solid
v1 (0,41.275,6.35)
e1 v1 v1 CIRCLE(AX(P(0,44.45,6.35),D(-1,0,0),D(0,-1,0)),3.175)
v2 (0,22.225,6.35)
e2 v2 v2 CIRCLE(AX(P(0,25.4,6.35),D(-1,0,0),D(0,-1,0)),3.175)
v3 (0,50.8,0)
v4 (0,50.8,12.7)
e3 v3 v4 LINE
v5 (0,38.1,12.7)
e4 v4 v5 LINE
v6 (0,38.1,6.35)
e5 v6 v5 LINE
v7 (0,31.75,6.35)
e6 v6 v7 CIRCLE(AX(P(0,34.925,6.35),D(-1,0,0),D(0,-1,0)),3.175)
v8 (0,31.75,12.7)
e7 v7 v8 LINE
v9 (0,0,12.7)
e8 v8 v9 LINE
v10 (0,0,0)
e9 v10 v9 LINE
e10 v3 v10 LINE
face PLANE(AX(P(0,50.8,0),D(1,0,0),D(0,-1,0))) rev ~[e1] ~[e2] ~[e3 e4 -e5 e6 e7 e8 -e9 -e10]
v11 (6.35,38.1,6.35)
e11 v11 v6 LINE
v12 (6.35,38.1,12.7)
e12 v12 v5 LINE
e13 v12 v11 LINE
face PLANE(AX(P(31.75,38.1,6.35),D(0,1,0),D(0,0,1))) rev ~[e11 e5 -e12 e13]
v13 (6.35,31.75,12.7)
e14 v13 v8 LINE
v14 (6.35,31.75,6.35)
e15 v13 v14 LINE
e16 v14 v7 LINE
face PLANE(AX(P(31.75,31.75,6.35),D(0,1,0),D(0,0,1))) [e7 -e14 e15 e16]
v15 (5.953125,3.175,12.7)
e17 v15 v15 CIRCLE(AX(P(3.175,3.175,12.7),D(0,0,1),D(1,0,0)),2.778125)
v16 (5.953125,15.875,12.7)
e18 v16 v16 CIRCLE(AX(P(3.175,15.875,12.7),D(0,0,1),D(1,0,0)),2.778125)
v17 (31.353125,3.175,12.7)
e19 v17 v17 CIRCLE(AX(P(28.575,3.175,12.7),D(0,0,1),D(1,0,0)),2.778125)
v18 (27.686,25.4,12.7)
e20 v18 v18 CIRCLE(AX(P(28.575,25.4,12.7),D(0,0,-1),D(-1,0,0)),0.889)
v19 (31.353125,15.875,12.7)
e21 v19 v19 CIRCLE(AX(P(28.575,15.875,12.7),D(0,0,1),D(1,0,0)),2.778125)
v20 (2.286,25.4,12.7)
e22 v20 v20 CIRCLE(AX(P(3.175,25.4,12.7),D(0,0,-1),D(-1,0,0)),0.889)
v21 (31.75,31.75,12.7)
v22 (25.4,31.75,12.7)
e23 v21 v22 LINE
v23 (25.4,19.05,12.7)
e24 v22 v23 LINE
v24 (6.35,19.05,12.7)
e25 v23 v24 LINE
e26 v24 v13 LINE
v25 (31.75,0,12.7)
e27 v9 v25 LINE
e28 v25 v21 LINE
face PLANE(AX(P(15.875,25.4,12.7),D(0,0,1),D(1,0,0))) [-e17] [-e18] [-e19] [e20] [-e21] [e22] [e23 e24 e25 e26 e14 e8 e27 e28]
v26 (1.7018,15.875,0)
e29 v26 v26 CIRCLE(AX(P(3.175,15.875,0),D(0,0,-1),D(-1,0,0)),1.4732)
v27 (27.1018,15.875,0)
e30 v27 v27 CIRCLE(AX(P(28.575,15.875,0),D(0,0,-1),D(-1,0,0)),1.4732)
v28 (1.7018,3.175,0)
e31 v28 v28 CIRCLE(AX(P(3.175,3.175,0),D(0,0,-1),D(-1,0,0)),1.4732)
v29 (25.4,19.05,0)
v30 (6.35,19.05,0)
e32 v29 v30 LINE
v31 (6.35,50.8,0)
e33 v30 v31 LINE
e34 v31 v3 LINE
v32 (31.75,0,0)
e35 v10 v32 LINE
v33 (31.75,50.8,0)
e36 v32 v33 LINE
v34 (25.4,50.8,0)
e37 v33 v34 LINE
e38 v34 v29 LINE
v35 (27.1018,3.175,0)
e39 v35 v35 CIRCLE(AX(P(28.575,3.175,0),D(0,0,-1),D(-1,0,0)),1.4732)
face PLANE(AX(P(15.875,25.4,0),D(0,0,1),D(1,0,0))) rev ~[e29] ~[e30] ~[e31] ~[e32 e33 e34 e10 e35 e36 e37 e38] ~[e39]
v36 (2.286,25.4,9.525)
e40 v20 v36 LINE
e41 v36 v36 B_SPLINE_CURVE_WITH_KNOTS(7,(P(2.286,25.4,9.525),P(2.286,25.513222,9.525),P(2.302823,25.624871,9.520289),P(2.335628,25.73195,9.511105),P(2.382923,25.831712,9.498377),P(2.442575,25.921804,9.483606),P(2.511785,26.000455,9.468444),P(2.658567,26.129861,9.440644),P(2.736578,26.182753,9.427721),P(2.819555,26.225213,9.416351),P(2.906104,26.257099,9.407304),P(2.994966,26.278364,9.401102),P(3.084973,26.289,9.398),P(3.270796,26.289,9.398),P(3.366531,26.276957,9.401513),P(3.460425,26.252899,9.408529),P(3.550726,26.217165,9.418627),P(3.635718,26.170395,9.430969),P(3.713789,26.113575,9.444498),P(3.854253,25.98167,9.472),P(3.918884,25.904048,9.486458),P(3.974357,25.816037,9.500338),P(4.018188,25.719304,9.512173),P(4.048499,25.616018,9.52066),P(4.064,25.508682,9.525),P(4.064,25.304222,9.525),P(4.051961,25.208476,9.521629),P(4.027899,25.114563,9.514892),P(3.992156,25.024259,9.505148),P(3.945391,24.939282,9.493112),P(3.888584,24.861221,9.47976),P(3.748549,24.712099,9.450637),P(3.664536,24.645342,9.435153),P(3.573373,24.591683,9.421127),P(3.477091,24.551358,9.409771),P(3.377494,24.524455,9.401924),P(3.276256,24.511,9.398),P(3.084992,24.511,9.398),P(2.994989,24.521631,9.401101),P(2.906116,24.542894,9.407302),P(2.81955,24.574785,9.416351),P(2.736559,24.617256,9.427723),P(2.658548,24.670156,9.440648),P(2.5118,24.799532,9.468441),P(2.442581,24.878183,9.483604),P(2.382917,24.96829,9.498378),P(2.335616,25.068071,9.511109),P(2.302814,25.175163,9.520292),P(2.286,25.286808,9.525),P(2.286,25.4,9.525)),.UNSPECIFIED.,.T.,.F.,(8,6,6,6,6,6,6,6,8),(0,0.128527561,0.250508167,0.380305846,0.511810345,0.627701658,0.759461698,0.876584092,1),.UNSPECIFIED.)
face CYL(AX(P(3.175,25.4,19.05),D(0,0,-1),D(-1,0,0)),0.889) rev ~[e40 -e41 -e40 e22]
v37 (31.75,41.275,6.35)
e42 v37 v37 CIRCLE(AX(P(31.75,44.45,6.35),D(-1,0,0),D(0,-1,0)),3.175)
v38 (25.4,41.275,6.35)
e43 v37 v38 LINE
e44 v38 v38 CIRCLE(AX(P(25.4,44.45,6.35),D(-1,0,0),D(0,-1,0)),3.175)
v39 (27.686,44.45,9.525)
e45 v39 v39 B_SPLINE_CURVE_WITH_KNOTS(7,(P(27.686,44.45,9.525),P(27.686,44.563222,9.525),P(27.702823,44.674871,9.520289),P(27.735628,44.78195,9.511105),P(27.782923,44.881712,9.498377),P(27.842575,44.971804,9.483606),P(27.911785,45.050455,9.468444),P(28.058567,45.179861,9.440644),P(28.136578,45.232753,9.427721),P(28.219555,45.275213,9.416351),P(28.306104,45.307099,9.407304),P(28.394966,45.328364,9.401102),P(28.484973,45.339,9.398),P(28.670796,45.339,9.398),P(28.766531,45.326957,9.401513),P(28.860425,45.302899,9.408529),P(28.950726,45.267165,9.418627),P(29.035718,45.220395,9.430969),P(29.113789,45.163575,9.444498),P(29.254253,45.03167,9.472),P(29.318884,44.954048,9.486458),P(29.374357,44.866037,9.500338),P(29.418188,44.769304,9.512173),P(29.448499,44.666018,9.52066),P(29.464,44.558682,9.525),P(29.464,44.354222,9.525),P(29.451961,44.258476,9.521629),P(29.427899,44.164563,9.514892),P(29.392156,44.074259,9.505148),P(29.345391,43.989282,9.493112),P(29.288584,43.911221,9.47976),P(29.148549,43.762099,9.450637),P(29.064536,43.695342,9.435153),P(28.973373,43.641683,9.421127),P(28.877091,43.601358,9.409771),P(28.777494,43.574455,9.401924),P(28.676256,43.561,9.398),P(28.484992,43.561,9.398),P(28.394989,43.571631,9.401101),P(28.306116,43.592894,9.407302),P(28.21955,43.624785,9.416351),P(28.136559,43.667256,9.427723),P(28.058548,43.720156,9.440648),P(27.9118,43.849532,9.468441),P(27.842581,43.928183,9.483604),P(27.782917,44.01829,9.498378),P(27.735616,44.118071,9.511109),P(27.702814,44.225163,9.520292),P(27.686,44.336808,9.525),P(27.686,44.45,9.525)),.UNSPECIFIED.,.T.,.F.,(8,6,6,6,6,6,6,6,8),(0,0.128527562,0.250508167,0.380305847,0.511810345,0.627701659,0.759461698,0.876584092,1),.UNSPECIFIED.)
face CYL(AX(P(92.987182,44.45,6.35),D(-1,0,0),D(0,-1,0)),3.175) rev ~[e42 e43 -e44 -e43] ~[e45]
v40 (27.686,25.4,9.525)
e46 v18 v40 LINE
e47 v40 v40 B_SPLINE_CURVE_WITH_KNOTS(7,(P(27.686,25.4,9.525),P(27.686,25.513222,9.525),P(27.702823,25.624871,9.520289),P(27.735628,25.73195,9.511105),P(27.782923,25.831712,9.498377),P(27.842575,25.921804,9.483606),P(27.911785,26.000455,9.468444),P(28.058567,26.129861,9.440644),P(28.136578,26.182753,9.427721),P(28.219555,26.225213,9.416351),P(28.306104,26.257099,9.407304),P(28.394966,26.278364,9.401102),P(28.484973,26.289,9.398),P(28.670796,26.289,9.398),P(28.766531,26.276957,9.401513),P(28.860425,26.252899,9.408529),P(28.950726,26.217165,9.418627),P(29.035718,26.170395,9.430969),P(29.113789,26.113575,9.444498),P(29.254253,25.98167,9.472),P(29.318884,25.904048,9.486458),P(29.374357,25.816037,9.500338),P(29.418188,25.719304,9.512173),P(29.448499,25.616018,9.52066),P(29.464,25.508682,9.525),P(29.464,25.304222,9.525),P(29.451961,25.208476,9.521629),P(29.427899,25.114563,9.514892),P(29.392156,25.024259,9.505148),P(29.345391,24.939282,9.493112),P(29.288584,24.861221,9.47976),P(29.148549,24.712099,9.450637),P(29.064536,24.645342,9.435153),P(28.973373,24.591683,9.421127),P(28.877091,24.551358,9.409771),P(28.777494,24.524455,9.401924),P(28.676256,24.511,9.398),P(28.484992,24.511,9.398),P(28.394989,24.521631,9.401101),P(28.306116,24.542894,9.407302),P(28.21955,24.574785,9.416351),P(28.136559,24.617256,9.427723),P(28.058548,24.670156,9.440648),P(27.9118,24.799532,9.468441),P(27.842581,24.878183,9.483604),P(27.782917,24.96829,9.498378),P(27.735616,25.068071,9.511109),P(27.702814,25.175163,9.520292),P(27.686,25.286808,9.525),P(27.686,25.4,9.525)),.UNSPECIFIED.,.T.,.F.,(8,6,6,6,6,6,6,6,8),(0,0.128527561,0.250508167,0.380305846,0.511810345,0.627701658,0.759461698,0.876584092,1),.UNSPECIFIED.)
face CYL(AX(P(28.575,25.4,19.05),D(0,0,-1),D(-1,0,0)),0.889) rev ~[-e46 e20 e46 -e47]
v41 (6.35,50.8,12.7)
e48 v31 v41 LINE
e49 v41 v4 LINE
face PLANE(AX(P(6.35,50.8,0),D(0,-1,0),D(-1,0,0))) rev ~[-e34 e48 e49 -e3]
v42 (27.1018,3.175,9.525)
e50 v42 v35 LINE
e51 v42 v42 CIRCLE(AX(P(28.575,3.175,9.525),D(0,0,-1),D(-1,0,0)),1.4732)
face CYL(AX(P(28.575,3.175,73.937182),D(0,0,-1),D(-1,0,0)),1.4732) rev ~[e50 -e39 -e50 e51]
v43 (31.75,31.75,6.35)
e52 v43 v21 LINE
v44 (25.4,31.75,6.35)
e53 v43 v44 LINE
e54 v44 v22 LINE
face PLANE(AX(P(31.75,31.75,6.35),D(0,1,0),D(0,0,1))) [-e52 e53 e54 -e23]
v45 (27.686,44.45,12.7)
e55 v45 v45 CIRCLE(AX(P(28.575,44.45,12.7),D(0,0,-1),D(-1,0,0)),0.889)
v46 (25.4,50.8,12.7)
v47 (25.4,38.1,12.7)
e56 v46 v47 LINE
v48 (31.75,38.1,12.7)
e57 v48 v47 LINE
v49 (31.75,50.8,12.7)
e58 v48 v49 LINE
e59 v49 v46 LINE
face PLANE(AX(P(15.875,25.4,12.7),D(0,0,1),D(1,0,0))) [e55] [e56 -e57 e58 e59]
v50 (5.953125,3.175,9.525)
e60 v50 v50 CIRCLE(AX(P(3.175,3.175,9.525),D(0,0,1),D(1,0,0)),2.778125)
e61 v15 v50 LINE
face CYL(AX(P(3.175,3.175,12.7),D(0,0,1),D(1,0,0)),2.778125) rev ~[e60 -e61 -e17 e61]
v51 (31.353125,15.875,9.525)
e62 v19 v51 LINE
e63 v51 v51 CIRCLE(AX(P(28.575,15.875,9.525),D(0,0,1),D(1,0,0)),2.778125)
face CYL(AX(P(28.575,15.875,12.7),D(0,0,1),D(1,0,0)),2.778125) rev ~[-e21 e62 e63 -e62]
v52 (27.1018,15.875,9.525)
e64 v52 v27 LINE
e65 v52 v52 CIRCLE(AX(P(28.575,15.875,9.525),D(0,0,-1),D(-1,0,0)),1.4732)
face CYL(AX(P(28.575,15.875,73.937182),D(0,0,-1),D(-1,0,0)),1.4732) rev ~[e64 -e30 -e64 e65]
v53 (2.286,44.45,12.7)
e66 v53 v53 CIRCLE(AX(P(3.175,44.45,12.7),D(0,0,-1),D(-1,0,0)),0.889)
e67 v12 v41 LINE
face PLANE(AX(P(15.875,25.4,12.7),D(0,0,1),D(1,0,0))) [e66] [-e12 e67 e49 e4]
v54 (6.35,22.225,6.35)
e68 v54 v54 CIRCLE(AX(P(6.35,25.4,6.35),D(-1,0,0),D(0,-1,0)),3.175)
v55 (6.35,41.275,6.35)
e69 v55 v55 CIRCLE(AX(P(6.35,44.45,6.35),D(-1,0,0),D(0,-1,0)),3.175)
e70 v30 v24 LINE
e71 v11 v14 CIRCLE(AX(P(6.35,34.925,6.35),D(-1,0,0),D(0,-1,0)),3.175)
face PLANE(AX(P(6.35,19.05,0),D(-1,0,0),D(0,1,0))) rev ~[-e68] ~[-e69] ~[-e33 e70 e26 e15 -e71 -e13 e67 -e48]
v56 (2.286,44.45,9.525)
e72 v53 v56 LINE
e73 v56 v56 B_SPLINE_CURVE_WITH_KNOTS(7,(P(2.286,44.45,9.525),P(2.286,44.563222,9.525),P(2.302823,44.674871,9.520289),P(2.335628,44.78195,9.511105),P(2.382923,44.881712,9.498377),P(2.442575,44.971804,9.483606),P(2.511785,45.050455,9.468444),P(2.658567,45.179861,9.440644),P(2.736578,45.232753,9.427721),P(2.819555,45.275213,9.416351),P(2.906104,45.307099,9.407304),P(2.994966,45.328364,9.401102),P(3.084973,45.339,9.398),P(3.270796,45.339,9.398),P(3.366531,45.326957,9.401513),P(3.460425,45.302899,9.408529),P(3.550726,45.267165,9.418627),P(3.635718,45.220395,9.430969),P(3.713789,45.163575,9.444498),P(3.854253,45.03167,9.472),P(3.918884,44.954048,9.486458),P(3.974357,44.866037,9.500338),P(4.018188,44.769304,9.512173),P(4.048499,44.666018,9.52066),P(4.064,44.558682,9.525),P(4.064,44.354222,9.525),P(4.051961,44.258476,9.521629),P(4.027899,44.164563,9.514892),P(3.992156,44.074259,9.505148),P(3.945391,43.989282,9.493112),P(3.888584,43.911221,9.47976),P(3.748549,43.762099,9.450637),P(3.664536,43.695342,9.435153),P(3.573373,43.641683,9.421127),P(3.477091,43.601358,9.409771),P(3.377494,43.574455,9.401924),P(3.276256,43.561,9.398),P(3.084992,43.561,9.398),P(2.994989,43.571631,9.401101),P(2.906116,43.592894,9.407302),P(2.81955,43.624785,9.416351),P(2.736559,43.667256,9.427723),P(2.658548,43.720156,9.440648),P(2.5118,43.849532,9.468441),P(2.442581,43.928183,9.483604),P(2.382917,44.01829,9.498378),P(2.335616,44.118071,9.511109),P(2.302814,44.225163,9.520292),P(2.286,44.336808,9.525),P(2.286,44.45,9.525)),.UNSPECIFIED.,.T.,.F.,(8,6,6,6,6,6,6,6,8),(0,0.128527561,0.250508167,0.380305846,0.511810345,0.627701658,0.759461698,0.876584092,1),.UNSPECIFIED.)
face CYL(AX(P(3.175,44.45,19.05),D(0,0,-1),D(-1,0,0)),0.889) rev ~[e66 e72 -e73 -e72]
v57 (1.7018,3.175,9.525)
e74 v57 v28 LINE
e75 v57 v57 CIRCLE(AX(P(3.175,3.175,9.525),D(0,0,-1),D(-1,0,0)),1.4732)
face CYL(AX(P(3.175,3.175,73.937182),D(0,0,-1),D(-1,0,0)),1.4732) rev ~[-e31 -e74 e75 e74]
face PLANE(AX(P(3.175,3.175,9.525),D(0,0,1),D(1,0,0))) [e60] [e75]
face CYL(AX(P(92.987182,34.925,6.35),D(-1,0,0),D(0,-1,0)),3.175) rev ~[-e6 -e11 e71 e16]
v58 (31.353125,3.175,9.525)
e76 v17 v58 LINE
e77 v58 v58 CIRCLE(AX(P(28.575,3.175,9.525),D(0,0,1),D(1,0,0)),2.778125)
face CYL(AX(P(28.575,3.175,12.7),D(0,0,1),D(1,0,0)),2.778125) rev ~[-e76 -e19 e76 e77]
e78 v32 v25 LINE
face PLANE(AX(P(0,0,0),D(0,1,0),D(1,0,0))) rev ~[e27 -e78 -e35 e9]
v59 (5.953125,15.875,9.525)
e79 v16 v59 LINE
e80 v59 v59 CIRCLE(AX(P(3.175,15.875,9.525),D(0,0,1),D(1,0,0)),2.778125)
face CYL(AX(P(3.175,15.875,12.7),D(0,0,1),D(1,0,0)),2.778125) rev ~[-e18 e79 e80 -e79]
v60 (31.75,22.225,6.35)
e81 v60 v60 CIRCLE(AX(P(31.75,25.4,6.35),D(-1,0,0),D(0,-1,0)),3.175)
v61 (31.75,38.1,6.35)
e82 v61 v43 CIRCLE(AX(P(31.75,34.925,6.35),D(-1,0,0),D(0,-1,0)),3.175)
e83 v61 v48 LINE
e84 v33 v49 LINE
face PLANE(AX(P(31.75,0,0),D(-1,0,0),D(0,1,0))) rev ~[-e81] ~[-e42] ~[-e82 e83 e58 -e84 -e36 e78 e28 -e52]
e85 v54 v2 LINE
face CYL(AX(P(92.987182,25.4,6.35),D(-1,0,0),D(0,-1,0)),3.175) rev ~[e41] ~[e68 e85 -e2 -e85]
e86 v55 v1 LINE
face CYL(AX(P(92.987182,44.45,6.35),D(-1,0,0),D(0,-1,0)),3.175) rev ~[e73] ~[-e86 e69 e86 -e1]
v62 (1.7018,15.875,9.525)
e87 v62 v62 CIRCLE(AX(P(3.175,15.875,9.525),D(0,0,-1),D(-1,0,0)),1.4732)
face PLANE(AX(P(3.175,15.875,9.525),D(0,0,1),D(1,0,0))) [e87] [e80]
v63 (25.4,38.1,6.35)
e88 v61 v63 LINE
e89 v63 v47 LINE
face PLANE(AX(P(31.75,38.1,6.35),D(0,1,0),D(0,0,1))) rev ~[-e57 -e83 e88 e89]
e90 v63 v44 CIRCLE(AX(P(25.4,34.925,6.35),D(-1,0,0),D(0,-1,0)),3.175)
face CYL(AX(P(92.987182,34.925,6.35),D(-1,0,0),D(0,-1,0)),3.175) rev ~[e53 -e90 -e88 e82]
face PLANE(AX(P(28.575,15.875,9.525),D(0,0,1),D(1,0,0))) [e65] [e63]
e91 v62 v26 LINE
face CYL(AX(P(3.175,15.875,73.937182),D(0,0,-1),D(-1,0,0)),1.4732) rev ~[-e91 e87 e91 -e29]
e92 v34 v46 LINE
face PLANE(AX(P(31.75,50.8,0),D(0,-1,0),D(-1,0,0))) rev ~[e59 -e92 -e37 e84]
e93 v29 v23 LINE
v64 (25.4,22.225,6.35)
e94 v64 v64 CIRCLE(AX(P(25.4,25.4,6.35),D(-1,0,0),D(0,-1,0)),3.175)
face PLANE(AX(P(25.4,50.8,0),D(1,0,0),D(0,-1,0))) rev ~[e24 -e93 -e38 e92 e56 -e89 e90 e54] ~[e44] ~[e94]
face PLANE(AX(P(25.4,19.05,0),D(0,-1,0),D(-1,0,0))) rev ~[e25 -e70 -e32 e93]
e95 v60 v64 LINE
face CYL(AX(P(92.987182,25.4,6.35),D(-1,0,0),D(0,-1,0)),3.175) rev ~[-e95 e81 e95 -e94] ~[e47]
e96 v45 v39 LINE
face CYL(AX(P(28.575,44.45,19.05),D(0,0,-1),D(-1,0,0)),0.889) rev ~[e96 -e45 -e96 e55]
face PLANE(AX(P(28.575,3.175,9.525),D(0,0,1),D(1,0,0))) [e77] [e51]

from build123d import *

# Parameters (mm, degrees)
F1_DEPTH  = 12.7
F3_D      = 2.9464
F5_D      = 6.35
F6_W      = 6.35
F6_H      = 6.35
F7_DEPTH  = 31.751
F8_DEPTH  = 31.751
F9_R      = 2.778125
F10_DEPTH = 3.175
F13_D     = 1.778
F13_DEPTH = 6.35


with BuildPart() as f1:
    # F0 (on Top) → F1 (new body)
    with BuildSketch(Plane.XY):
        Polygon((0, 19.05), (0, 0), (31.75, 0), (31.75, 19.05), (31.75, 50.8), (25.4, 50.8), (25.4, 19.05), (6.35, 19.05), (6.35, 50.8), (0, 50.8), align=None)
    extrude(amount=F1_DEPTH)

    # F3 (through all)
    with Locations(Plane.XY.offset(12.7)):
        with Locations((3.175, 15.875), (3.175, 3.175), (28.575, 15.875), (28.575, 3.175)):
            Hole(F3_D / 2)

    # F5 (through all)
    with Locations(Plane.YZ.offset(31.75)):
        with Locations((25.4, 6.35), (44.45, 6.35), (34.925, 6.35)):
            Hole(F5_D / 2)

    # F6 (on face) → F7 (cut, through all)
    with BuildSketch(Plane.YZ.offset(31.75)):
        with Locations((34.925, 9.525)):
            Rectangle(F6_W, F6_H)
    extrude(amount=-F7_DEPTH, mode=Mode.SUBTRACT)

    # F6 (on face) → F8 (cut, through all)
    with BuildSketch(Plane.YZ.offset(31.75)):
        with Locations((34.925, 9.525)):
            Rectangle(F6_W, F6_H)
    extrude(amount=-F8_DEPTH, mode=Mode.SUBTRACT)

    # F9 (on face) → F10 (cut)
    with BuildSketch(Plane.XY.offset(12.7)):
        with Locations((3.175, 3.175)):
            Circle(F9_R)
        with Locations((3.175, 15.875)):
            Circle(F9_R)
        with Locations((28.575, 3.175)):
            Circle(F9_R)
        with Locations((28.575, 15.875)):
            Circle(F9_R)
    extrude(amount=-F10_DEPTH, mode=Mode.SUBTRACT)

    # F13
    with Locations(Plane.XY.offset(12.7)):
        with Locations((3.175, 25.4), (3.175, 44.45), (28.575, 25.4), (28.575, 44.45)):
            Hole(F13_D / 2, depth=F13_DEPTH)


solid = f1.part
